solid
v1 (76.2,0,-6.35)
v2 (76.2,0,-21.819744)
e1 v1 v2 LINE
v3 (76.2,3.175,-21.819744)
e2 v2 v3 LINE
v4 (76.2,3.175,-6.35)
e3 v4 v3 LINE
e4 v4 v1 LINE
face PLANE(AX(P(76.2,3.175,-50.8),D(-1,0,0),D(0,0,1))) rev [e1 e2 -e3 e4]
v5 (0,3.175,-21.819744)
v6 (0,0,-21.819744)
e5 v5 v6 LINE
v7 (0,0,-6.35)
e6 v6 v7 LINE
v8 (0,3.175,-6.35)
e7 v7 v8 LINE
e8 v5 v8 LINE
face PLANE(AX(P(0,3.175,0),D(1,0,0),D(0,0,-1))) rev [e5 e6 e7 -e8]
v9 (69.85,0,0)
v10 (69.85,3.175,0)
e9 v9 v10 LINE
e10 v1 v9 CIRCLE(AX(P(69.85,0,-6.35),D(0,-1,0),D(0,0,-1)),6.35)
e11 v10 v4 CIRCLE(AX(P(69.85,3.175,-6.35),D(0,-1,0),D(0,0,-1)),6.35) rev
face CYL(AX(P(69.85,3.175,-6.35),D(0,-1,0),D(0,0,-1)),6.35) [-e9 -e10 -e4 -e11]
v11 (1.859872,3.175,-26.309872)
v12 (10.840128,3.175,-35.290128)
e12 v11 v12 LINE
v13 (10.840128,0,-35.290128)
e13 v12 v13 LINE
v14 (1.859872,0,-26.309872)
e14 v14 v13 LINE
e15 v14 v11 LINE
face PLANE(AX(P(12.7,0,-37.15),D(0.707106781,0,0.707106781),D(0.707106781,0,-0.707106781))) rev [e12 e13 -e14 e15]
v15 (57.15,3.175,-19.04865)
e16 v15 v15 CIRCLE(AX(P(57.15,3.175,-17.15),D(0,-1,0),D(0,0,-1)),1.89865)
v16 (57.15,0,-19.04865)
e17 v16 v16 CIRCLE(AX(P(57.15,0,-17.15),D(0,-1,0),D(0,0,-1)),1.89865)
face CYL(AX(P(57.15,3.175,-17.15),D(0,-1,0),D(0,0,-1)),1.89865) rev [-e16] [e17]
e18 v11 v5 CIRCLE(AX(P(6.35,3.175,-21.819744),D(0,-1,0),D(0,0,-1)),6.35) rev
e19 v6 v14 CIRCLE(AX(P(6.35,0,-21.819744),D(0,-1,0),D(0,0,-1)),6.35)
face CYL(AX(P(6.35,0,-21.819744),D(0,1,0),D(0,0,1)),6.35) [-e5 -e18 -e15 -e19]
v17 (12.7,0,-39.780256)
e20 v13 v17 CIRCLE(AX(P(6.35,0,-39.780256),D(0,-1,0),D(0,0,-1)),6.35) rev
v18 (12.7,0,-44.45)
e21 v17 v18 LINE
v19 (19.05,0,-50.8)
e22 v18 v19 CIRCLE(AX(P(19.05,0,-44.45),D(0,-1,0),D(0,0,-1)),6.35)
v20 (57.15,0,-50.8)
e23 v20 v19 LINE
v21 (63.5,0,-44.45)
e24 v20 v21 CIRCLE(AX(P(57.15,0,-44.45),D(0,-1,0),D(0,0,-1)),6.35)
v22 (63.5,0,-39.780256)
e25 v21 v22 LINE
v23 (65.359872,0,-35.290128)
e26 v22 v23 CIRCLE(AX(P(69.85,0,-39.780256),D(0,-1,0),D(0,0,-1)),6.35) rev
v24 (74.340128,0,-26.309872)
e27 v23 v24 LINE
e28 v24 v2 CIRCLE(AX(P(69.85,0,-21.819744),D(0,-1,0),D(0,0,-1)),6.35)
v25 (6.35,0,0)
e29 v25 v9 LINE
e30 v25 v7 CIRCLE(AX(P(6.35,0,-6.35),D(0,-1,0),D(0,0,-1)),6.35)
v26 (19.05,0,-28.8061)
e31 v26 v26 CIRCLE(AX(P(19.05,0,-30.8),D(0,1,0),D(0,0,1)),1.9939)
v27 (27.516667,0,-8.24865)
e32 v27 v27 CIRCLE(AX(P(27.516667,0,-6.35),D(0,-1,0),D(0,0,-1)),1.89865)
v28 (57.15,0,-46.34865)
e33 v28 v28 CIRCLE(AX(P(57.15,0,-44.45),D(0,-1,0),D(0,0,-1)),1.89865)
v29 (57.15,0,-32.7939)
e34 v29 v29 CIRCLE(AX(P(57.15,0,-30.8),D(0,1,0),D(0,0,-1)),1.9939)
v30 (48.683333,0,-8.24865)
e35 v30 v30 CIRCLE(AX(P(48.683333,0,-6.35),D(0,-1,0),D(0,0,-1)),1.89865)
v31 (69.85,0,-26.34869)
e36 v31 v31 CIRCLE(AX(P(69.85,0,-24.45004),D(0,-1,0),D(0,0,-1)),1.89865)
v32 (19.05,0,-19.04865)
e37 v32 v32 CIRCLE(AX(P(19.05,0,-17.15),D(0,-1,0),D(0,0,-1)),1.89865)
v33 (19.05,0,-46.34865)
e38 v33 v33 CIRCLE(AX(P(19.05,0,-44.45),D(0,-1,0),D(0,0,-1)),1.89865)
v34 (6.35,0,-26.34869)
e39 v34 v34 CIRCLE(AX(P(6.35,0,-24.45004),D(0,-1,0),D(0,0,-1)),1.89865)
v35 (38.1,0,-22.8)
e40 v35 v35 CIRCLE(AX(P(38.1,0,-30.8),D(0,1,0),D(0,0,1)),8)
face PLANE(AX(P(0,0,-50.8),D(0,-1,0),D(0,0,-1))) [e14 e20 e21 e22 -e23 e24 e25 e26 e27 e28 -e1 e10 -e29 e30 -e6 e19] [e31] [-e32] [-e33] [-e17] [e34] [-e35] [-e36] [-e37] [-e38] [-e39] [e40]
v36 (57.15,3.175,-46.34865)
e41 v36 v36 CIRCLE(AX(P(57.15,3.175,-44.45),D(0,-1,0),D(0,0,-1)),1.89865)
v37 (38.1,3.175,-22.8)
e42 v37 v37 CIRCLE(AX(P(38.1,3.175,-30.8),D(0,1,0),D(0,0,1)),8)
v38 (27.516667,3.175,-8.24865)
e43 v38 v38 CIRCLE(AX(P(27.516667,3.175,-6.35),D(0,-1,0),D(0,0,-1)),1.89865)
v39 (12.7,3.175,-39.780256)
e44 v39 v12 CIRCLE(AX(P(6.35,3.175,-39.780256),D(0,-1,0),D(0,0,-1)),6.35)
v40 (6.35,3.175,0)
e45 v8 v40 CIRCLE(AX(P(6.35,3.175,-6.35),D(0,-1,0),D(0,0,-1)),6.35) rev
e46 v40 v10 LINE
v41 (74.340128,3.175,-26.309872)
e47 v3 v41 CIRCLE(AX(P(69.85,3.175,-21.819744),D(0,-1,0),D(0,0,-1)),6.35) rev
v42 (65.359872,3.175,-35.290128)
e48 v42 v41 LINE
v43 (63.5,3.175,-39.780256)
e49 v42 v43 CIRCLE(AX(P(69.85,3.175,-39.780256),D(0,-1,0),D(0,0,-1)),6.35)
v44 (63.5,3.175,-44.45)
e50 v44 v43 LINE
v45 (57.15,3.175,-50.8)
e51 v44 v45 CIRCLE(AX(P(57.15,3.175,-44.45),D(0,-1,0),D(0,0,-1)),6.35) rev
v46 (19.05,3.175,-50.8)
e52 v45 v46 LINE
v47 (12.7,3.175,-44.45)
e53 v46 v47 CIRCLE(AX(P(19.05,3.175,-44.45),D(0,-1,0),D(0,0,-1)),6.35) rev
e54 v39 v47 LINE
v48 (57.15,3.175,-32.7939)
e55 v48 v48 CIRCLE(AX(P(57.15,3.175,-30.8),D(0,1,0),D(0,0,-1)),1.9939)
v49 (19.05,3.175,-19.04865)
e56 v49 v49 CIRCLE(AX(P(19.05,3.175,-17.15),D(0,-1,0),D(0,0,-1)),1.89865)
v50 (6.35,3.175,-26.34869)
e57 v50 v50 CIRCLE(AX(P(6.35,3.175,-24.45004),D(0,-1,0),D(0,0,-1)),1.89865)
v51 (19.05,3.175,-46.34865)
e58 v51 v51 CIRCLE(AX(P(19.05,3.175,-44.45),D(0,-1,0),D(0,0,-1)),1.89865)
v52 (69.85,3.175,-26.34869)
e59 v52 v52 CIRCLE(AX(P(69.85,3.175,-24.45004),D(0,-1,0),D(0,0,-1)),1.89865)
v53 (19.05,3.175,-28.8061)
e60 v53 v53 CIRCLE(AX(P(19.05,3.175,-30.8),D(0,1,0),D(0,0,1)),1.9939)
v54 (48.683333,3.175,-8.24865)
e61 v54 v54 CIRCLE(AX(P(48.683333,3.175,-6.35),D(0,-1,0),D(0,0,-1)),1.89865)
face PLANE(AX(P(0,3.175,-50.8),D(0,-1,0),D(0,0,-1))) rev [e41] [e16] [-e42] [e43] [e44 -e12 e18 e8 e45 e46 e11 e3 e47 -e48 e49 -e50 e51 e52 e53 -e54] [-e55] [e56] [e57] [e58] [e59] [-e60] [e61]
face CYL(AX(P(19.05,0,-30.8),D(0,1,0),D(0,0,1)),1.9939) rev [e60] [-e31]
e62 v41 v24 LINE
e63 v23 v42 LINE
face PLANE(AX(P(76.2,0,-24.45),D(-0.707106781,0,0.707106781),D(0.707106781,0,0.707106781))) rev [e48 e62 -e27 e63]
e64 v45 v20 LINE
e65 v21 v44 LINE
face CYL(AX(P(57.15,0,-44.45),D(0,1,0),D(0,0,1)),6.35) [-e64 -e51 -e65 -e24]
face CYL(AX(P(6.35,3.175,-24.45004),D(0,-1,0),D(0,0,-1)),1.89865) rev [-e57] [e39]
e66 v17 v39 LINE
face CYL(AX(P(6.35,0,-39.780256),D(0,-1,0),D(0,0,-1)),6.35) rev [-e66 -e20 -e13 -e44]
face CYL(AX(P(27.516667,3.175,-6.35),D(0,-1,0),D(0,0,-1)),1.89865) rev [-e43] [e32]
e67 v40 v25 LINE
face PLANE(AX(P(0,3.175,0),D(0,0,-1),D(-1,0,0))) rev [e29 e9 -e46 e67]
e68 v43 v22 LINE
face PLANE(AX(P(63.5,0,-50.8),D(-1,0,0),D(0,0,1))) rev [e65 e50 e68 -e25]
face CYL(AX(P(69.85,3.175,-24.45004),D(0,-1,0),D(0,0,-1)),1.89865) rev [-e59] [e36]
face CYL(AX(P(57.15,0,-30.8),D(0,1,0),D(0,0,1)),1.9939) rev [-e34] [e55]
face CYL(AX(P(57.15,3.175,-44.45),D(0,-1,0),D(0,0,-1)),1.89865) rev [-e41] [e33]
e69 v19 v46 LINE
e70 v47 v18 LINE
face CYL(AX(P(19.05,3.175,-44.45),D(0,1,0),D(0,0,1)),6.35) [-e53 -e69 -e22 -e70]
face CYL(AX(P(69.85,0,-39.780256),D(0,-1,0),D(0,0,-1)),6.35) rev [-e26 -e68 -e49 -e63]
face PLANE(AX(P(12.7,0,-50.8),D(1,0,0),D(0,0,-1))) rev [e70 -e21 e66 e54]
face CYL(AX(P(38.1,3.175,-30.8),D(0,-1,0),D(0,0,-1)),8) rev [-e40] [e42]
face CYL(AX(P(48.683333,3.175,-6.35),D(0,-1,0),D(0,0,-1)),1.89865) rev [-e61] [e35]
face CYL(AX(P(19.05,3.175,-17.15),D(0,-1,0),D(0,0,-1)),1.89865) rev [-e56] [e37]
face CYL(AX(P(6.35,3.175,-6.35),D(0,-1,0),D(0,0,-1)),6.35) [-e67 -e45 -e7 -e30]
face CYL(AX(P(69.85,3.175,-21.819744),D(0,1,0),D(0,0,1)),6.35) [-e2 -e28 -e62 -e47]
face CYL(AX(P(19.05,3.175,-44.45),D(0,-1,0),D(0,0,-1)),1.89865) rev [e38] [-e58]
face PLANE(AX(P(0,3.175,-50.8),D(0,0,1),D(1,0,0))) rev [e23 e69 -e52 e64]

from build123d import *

# Parameters (mm, degrees)
SKETCH1_R           = 8
BOSS_EXTRUDE1_DEPTH = 3.175
SKETCH2_R           = 1.9939
CUT_EXTRUDE1_DEPTH  = 4.175
SKETCH14_R          = 1.89865
M3_TAP_DEPTH        = 4.175
SKETCH15_R          = 1.89865
M5_THROUGH_DEPTH    = 4.175
CUT_EXTRUDE2_DEPTH  = 4.175
FILLET2_R           = 6.35


with BuildPart() as part:
    # Sketch1 → Boss-Extrude1 (new body)
    with BuildSketch(Plane(origin=(0, 0, 0), x_dir=(1, 0, 0), z_dir=(0, 1, 0))):
        Polygon((0, 0), (76.2, 0), (76.2, 50.8), (38.1, 50.8), (0, 50.8), align=None)
        with Locations((38.1, 30.8)):
            Circle(SKETCH1_R, mode=Mode.SUBTRACT)
    extrude(amount=BOSS_EXTRUDE1_DEPTH)

    # Sketch2 → Cut-Extrude1 (cut, through all)
    with BuildSketch(Plane(origin=(0, 3.175, 0), x_dir=(1, 0, 0), z_dir=(0, 1, 0))):
        with Locations((19.05, 30.8)):
            Circle(SKETCH2_R)
        with Locations((57.15, 30.8)):
            Circle(SKETCH2_R)
    extrude(amount=-CUT_EXTRUDE1_DEPTH, mode=Mode.SUBTRACT)

    # Sketch14 → M3-tap (cut, through all)
    with BuildSketch(Plane.XZ):
        with Locations((57.15, -44.45)):
            Circle(SKETCH14_R)
        with Locations((19.05, -44.45)):
            Circle(SKETCH14_R)
        with Locations((19.05, -17.15)):
            Circle(SKETCH14_R)
        with Locations((57.15, -17.15)):
            Circle(SKETCH14_R)
    extrude(amount=-M3_TAP_DEPTH, mode=Mode.SUBTRACT)

    # Sketch15 → M5-through (cut, through all)
    with BuildSketch(Plane.XZ):
        with Locations((69.85, -24.45004)):
            Circle(SKETCH15_R)
        with Locations((48.683333333, -6.35)):
            Circle(SKETCH15_R)
        with Locations((27.516666667, -6.35)):
            Circle(SKETCH15_R)
        with Locations((6.35, -24.45004)):
            Circle(SKETCH15_R)
    extrude(amount=-M5_THROUGH_DEPTH, mode=Mode.SUBTRACT)

    # Sketch12 → Cut-Extrude2 (cut, through all)
    with BuildSketch(Plane(origin=(0, 3.175, 0), x_dir=(1, 0, 0), z_dir=(0, 1, 0))):
        Polygon((0, 50.8), (12.7, 50.8), (12.7, 37.15), (0, 24.45), align=None)
        Polygon((63.5, 50.8), (63.5, 37.15), (76.2, 24.45), (76.2, 50.8), align=None)
    extrude(amount=-CUT_EXTRUDE2_DEPTH, mode=Mode.SUBTRACT)

    # Fillet2
    fillet2_edges = [part.edges().sort_by_distance(p)[0] for p in [
        (0, 1.5875, -24.45),
        (12.7, 1.5875, -50.8),
        (12.7, 1.5875, -37.15),
        (63.5, 1.5875, -50.8),
        (76.2, 1.5875, -24.45),
        (63.5, 1.5875, -37.15),
        (76.2, 1.5875, 0),
        (0, 1.5875, 0),
    ]]
    fillet(fillet2_edges, radius=FILLET2_R)


solid = part.part
